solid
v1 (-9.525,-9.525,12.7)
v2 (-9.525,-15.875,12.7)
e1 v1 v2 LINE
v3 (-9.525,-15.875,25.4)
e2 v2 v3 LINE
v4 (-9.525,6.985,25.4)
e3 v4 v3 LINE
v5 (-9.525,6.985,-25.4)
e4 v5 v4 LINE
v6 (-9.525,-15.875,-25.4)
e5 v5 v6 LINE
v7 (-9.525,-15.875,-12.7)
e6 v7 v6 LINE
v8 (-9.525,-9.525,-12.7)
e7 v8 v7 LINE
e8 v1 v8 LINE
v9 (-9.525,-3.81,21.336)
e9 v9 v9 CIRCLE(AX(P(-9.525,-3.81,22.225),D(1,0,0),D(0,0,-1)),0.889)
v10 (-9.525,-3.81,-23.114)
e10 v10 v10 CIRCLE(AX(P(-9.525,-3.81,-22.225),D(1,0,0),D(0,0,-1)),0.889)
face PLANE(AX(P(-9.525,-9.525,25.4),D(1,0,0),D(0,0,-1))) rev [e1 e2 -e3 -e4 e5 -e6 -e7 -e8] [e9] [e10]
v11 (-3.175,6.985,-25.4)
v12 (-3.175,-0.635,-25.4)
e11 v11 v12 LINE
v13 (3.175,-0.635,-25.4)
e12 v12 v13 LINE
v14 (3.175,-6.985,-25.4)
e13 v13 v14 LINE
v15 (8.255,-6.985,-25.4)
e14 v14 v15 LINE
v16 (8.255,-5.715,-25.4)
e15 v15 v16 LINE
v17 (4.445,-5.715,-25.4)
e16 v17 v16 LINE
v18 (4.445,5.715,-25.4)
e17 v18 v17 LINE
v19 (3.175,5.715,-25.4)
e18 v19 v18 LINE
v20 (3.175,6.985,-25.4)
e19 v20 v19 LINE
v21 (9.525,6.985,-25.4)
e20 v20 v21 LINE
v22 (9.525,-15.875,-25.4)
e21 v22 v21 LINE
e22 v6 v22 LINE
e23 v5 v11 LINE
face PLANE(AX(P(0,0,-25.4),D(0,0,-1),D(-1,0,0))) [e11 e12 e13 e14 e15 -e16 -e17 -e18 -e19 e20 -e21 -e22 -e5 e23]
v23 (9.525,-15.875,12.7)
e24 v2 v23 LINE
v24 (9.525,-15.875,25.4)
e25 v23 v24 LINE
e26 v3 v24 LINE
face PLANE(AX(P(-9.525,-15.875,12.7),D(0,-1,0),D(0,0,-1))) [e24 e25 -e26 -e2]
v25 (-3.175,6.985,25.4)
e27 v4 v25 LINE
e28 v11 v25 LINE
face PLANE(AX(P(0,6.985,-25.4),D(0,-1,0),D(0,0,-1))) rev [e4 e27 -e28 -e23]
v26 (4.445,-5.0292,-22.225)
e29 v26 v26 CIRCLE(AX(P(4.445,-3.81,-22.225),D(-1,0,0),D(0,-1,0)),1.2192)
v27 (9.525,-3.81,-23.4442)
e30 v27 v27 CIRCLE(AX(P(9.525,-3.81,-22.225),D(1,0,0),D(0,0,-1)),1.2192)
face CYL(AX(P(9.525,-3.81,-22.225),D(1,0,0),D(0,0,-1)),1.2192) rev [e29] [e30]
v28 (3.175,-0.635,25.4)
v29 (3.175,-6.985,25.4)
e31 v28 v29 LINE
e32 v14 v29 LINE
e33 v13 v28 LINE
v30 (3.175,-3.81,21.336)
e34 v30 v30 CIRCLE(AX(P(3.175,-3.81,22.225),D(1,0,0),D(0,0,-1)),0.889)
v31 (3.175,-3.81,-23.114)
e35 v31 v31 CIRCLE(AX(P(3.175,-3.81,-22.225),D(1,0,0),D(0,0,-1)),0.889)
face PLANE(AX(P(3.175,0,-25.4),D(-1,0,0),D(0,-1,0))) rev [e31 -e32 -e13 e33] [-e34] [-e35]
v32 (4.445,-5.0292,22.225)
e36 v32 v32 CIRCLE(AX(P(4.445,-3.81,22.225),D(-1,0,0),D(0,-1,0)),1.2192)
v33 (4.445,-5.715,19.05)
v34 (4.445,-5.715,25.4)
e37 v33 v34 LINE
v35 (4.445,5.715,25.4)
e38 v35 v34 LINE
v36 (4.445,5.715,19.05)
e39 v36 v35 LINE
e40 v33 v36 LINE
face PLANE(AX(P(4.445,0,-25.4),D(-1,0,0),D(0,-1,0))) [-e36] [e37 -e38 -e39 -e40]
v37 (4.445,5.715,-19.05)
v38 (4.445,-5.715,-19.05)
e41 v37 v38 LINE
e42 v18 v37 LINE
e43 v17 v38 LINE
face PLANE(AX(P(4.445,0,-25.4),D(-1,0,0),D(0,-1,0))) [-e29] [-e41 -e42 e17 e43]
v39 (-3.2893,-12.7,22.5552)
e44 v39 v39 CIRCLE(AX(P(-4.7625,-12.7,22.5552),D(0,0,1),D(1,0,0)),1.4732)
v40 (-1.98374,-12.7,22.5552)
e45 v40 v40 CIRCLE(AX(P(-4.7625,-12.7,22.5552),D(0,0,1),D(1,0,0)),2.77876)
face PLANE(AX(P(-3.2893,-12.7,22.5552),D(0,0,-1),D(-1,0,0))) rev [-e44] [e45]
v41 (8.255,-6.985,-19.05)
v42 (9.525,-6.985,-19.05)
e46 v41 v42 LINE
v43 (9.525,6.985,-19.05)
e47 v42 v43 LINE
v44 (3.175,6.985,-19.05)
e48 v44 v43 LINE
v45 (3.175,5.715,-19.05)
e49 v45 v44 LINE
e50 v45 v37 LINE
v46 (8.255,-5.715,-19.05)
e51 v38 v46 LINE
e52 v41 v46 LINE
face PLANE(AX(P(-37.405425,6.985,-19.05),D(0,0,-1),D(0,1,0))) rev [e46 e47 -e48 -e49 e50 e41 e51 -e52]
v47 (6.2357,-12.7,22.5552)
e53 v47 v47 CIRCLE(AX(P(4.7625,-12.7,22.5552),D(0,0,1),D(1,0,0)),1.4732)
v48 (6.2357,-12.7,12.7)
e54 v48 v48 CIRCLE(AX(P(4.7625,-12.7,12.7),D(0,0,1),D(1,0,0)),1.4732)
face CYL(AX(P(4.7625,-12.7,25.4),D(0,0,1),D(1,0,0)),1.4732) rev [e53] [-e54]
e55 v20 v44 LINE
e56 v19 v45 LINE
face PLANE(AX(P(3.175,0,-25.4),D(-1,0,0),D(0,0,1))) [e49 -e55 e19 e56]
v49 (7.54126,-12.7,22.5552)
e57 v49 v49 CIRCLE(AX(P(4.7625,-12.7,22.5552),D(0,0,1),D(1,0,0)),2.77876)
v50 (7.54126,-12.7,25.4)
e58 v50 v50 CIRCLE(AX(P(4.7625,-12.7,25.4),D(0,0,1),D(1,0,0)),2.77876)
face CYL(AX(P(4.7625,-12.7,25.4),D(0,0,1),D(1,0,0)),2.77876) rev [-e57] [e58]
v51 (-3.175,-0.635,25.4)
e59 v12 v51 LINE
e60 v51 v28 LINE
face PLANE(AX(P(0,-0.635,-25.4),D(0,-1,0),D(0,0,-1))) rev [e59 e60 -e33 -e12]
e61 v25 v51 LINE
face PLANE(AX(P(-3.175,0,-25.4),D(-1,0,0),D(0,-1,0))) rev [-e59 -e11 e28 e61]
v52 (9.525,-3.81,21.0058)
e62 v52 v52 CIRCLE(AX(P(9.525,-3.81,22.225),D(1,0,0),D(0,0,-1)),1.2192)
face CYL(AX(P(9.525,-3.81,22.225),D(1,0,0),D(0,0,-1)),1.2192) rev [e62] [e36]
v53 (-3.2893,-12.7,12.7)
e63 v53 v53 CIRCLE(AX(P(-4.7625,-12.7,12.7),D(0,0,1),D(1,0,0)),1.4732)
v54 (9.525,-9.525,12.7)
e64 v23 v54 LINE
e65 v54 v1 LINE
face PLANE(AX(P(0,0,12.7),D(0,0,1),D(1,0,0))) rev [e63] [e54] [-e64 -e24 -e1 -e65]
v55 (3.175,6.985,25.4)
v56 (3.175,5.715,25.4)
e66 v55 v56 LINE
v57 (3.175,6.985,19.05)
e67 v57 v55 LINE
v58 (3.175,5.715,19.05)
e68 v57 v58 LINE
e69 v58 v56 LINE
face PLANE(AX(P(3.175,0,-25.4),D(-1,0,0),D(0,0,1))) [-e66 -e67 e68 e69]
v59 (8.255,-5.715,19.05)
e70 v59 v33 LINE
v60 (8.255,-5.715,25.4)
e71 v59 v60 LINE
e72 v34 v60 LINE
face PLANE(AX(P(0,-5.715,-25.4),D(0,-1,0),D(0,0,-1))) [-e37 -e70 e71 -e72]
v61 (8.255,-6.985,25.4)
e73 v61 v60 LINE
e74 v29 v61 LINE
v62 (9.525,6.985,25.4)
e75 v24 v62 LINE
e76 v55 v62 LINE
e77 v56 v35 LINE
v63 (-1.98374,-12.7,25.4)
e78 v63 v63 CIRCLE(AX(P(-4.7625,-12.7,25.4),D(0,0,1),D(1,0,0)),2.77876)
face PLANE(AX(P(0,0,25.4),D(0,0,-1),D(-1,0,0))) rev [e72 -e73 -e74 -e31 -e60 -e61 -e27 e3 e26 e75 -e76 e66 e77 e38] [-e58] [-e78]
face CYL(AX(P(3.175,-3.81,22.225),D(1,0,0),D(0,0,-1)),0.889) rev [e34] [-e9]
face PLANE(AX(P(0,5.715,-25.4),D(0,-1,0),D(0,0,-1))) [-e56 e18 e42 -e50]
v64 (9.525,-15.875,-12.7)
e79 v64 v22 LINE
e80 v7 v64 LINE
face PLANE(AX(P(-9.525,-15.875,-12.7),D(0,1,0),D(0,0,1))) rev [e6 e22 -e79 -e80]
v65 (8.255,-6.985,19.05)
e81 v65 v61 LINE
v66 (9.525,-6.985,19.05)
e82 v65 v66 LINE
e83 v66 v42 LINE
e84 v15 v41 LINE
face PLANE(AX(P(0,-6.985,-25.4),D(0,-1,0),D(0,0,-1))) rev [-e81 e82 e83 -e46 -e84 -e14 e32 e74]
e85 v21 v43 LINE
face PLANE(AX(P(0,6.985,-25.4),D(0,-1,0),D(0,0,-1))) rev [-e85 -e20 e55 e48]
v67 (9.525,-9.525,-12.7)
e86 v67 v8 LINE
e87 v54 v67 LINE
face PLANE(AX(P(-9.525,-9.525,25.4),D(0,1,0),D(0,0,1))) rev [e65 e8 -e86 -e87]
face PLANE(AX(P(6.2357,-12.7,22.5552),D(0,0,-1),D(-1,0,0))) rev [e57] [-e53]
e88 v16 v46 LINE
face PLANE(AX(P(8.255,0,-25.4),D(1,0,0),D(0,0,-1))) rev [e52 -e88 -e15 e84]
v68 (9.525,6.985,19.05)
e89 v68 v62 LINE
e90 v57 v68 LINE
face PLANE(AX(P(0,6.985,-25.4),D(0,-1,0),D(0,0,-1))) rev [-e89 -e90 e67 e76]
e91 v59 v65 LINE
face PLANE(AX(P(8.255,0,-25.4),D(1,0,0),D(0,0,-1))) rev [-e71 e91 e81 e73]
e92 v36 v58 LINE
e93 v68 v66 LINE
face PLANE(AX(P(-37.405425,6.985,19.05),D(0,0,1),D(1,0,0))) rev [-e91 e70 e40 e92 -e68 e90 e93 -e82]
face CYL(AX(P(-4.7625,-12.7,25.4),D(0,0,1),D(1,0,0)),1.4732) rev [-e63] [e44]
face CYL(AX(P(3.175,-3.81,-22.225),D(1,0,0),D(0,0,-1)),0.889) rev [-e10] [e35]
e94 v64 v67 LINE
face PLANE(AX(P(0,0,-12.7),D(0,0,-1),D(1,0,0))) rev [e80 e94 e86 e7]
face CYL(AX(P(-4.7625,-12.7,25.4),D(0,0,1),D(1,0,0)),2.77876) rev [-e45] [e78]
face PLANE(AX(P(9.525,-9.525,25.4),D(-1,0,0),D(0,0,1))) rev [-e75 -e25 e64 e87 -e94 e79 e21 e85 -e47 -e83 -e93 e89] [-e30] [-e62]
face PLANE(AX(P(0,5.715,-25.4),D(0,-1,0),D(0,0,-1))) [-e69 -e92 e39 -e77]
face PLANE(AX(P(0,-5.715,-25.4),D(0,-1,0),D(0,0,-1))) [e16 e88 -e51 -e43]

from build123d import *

# Parameters (mm, degrees)
SKETCH2_W                                      = 19.05
SKETCH2_H                                      = 19.05
BOSS_EXTRUDE1_DEPTH                            = 25.4
CUT_EXTRUDE1_DEPTH                             = 54.497649479
SKETCH6_W                                      = 1.27
SKETCH6_H                                      = 11.43
SKETCH6_H_2                                    = 1.27
SKETCH6_W_2                                    = 3.81
CUT_EXTRUDE2_DEPTH                             = 54.497649479
CUT_EXTRUDE3_REACH                             = 35.148
SKETCH7_W                                      = 38.1
SKETCH7_H                                      = 13.97
SKETCH8_W                                      = 19.05
SKETCH8_H                                      = 6.35
BOSS_EXTRUDE2_DEPTH                            = 12.7
CBORE_FOR_4_SOCKET_HEAD_CAP_SCREW1_D           = 2.9464
CBORE_FOR_4_SOCKET_HEAD_CAP_SCREW1_DEPTH       = 12.7
CBORE_FOR_4_SOCKET_HEAD_CAP_SCREW1_CBORE_D     = 5.55752
CBORE_FOR_4_SOCKET_HEAD_CAP_SCREW1_CBORE_DEPTH = 2.8448
F_2_CLEARANCE_HOLE1_D                          = 2.4384
F_2_CLEARANCE_HOLE1_DEPTH                      = 5.08
F_2_56_TAPPED_HOLE1_D                          = 1.778


with BuildPart() as part:
    # Sketch2 → Boss-Extrude1 (new, symmetric)
    with BuildSketch(Plane.XY):
        Rectangle(SKETCH2_W, SKETCH2_H)
    extrude(amount=BOSS_EXTRUDE1_DEPTH, both=True)

    # Sketch4 → Cut-Extrude1 (cut, through all)
    with BuildSketch(Plane(origin=(-1.506852909, 3.110534069, 25.4), x_dir=(1, 0, 0), z_dir=(0, 0, 1))):
        Polygon((-8.018147091, 6.414465931), (-8.018147091, 3.874465931), (-1.668147091, 3.874465931), (-1.668147091, -3.745534069), (4.681852909, -3.745534069), (4.681852909, 3.874465931), (11.031852909, 3.874465931), (11.031852909, 6.414465931), align=None)
    extrude(amount=-CUT_EXTRUDE1_DEPTH, mode=Mode.SUBTRACT)

    # Sketch6 → Cut-Extrude2 (cut, through all)
    with BuildSketch(Plane(origin=(-1.506852909, 3.110534069, 25.4), x_dir=(1, 0, 0), z_dir=(0, 0, 1))):
        with Locations((5.316852909, -3.110534069)):
            Rectangle(SKETCH6_W, SKETCH6_H)
        with Locations((5.316852909, -9.460534069)):
            Rectangle(SKETCH6_W, SKETCH6_H_2)
        with Locations((7.856852909, -9.460534069)):
            Rectangle(SKETCH6_W_2, SKETCH6_H_2)
    extrude(amount=-CUT_EXTRUDE2_DEPTH, mode=Mode.SUBTRACT)

    # Cut-Extrude3: up to this face of the body (flat: up to its plane)
    cut_extrude3_end = Plane(part.part.faces().sort_by_distance((3.175, 6.35, 0))[0])
    # Sketch7 → Cut-Extrude3 (cut, up to the picked face)
    with BuildSketch(Plane(origin=(9.525, 0, 0), x_dir=(0, 0, -1), z_dir=(1, 0, 0)), mode=Mode.PRIVATE) as cut_extrude3_sk1:
        Rectangle(SKETCH7_W, SKETCH7_H)
    cut_extrude3_tool1 = split(extrude(cut_extrude3_sk1.sketch, amount=-CUT_EXTRUDE3_REACH, mode=Mode.PRIVATE), bisect_by=cut_extrude3_end, keep=Keep.BOTH, mode=Mode.PRIVATE)
    add(cut_extrude3_tool1.solids().sort_by(Axis((9.525, 0, 0), (-1, 0, 0)))[0], mode=Mode.SUBTRACT)

    # Sketch8 → Boss-Extrude2 (add)
    with BuildSketch(Plane.XY.offset(25.4)):
        with Locations((0, -12.7)):
            Rectangle(SKETCH8_W, SKETCH8_H)
    boss_extrude2 = extrude(amount=-BOSS_EXTRUDE2_DEPTH)

    # Mirror1: Boss-Extrude2 across plane
    add(boss_extrude2.mirror(Plane.XY))

    # CBORE for #4 Socket Head Cap Screw1
    with Locations(Plane.XY.offset(25.4)):
        with Locations((-4.7625, -12.7), (4.7625, -12.7)):
            CounterBoreHole(CBORE_FOR_4_SOCKET_HEAD_CAP_SCREW1_D / 2, CBORE_FOR_4_SOCKET_HEAD_CAP_SCREW1_CBORE_D / 2, CBORE_FOR_4_SOCKET_HEAD_CAP_SCREW1_CBORE_DEPTH, depth=CBORE_FOR_4_SOCKET_HEAD_CAP_SCREW1_DEPTH)

    # #2 Clearance Hole1
    with Locations(Plane(origin=(9.525, 0, 0), x_dir=(0, 0, -1), z_dir=(1, 0, 0))):
        with Locations((-22.225, -3.81), (22.225, -3.81)):
            Hole(F_2_CLEARANCE_HOLE1_D / 2, depth=F_2_CLEARANCE_HOLE1_DEPTH)

    # #2-56 Tapped Hole1 (through all)
    with Locations(Plane(origin=(3.175, 0, 0), x_dir=(0, 0, -1), z_dir=(1, 0, 0))):
        with Locations((-22.225, -3.81), (22.225, -3.81)):
            Hole(F_2_56_TAPPED_HOLE1_D / 2)


solid = part.part
